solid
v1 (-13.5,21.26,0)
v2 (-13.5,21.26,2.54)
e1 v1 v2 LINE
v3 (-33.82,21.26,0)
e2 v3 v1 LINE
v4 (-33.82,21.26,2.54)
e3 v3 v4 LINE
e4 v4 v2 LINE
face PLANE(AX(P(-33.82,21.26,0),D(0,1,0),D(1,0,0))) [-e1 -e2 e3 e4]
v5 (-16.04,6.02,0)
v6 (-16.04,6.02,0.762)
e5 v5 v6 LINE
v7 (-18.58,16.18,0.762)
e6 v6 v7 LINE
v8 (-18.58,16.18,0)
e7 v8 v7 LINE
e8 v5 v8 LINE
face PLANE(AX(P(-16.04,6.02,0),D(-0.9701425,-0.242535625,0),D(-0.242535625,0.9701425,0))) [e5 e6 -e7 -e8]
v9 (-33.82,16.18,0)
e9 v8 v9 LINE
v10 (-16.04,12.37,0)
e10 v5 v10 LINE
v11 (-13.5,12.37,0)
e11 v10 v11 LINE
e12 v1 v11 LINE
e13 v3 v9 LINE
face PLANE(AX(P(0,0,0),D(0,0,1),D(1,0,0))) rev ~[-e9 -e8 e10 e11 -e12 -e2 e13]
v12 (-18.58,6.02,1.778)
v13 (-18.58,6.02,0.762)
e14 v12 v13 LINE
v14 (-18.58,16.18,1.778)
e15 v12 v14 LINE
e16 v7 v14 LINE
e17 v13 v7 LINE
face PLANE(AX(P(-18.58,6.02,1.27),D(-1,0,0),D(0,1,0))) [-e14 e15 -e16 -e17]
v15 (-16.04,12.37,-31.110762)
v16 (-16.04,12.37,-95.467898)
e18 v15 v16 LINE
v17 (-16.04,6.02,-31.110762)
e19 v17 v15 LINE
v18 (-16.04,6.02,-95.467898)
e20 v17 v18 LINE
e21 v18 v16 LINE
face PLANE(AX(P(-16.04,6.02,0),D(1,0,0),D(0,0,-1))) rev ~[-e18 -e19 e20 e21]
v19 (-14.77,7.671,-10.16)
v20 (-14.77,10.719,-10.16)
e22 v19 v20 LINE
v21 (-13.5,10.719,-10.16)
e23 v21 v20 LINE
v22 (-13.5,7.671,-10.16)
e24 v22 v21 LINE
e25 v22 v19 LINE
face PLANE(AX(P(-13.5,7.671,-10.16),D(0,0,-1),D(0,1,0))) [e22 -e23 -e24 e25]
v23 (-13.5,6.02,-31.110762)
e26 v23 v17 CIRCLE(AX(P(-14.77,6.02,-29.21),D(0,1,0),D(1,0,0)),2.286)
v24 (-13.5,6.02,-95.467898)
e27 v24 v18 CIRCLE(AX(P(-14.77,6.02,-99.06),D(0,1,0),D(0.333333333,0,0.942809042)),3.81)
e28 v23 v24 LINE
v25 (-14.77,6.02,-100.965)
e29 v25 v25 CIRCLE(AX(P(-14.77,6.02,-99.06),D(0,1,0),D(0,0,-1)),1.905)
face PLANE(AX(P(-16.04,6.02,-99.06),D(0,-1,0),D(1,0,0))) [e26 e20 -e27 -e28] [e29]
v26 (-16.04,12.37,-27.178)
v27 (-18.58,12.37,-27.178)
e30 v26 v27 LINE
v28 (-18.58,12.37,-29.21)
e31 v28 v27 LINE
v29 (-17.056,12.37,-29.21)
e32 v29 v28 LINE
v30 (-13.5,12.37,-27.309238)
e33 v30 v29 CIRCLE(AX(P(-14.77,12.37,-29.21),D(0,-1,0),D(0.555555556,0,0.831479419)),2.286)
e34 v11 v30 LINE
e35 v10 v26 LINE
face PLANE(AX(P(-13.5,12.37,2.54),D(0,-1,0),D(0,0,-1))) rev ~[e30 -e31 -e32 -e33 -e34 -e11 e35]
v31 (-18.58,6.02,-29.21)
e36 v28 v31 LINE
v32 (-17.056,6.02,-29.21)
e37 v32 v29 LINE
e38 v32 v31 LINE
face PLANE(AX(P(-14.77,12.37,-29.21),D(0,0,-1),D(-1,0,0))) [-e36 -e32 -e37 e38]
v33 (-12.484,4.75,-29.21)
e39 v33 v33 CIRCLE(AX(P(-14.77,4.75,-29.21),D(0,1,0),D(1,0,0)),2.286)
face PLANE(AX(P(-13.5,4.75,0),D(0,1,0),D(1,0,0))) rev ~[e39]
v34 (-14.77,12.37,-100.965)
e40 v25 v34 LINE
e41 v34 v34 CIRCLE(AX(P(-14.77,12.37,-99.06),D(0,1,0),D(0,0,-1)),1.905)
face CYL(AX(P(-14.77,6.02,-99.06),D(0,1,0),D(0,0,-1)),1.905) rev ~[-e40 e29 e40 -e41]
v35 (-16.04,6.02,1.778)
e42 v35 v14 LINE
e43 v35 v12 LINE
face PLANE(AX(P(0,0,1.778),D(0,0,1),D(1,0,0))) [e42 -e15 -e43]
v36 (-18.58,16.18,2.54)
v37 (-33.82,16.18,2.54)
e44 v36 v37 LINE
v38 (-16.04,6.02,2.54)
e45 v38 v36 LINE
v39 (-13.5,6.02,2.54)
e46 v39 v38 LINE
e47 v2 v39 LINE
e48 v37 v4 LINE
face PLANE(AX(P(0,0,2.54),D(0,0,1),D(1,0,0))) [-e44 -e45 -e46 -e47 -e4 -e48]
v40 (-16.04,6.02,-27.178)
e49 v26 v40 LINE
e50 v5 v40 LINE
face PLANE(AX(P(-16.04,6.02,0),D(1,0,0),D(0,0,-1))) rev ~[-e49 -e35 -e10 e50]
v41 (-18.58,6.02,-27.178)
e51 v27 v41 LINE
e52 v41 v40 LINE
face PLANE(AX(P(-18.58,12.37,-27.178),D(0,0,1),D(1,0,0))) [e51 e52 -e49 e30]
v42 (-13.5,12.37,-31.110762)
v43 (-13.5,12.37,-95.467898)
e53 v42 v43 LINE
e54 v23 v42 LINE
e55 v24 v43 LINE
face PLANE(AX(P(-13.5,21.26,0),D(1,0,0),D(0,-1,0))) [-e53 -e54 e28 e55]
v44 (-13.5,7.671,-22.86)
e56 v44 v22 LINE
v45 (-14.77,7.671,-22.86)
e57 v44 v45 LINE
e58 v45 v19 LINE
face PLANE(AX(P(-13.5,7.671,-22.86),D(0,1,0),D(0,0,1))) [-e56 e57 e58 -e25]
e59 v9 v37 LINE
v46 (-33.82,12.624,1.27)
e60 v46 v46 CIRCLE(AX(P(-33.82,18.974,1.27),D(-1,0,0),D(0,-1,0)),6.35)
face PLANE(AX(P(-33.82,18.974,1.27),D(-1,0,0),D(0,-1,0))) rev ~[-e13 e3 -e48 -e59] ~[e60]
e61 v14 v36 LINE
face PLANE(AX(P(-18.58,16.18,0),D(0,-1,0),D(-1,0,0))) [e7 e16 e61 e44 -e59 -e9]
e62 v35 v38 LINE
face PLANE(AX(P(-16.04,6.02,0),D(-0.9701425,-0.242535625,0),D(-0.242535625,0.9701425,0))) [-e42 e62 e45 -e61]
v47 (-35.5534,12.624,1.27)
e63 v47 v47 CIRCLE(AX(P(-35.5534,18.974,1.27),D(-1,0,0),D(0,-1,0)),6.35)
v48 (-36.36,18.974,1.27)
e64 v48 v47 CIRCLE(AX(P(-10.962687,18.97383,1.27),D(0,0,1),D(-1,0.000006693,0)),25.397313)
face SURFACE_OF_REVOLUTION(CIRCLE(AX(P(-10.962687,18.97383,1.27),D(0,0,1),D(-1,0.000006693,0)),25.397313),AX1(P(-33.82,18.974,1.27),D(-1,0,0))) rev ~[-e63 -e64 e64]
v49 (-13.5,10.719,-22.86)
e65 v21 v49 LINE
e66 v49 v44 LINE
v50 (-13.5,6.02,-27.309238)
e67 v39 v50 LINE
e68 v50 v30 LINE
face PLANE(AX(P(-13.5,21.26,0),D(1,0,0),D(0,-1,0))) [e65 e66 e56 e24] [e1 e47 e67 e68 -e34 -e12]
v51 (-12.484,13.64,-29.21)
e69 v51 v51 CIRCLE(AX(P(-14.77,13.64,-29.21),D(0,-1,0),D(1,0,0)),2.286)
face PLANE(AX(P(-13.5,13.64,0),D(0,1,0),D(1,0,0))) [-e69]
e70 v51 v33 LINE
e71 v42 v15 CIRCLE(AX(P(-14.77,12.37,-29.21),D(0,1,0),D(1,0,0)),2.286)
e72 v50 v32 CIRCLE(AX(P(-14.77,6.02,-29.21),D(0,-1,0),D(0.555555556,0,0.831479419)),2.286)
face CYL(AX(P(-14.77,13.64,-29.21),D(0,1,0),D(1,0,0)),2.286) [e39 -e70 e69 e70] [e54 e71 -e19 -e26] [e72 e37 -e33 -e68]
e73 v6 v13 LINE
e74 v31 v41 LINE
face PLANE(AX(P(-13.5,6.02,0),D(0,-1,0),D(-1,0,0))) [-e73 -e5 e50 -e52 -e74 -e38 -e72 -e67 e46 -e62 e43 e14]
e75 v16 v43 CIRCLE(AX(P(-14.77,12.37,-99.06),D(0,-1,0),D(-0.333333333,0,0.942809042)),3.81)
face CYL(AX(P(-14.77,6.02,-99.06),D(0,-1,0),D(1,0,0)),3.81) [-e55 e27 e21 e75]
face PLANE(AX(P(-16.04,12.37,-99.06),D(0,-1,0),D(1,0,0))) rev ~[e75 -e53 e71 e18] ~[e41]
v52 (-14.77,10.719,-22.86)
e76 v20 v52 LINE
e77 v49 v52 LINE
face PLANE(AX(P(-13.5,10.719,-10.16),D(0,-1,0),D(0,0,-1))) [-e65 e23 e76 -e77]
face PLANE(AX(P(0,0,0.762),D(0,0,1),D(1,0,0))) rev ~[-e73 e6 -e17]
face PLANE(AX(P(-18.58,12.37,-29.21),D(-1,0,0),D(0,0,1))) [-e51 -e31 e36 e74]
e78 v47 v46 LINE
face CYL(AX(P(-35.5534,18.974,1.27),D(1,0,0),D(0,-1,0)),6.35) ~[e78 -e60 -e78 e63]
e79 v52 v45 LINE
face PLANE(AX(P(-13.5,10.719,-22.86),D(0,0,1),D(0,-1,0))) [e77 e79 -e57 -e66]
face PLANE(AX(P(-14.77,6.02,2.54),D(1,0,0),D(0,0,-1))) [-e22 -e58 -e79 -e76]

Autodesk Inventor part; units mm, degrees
ref_plane "YZ Plane" through (0, 0, 0) normal (1, 0, 0) x (0, 1, 0)
ref_plane "XZ Plane" through (0, 0, 0) normal (0, 1, 0) x (-1, 0, 0)
ref_plane "XY Plane" through (0, 0, 0) normal (0, 0, 1) x (1, 0, 0)
sketch "Sketch1" plane through (0, 0, 0) normal (0, 0, 1) x (1, 0, 0)
  line L0 (-33.82, 21.26) -> (-13.5, 21.26)
  line L1 (-13.5, 21.26) -> (-13.5, 6.02)
  line L2 (-13.5, 6.02) -> (-16.04, 6.02)
  line L3 (-16.04, 6.02) -> (-18.58, 16.18)
  line L4 (-18.58, 16.18) -> (-33.82, 16.18)
  line L5 (-33.82, 16.18) -> (-33.82, 21.26)
  dimension "d0" = 20.32
  dimension "d1" = 15.24
  dimension "d2" = 5.08
  dimension "d3" = 2.54
  dimension "d4" = 15.24
extrude "Extrusion1" add sketch "Sketch1" along normal blind 2.54
ref_plane "Work Plane1" through (0, 0, 1.27) normal (0, 0, 1) x (1, 0, 0)
sketch "Sketch2" plane through (0, 0, 1.27) normal (0, 0, 1) x (1, 0, 0)
  line L0 (-33.82, 18.974) -> (-36.36, 18.974)
  arc A0 (-36.36, 18.974) -> (-35.5534, 12.624) centre (-10.96, 18.974) ccw
  line L1 (-35.5534, 12.624) -> (-33.82, 12.624)
  line L2 (-33.82, 12.624) -> (-33.82, 18.974)
  line L3 (-33.82, 16.18) -> (-33.82, 21.26) projected
  line L4 (-33.82, 21.26) -> (-13.5, 21.26) projected
  dimension "d8" = 2.54
  dimension "d9" = 6.35
  dimension "d10" = 25.4
  dimension "d11" = 2.286
revolve "Revolution1" add sketch "Sketch2" angle 360 about axis through (-33.82, 18.974, 1.27) along (-1, 0, 0)
sketch "Sketch3" plane through (0, 0, 1.27) normal (0, 0, 1) x (1, 0, 0)
  line L0 (-16.04, 6.02) -> (-18.58, 6.02)
  line L1 (-18.58, 6.02) -> (-18.58, 18.72)
  line L2 (-18.58, 18.72) -> (-16.04, 18.72)
  line L3 (-16.04, 18.72) -> (-16.04, 6.02)
  line L4 (-13.5, 6.02) -> (-16.04, 6.02) projected
  dimension "d13" = 12.7
  dimension "d14" = 2.54
extrude "Extrusion2" add sketch "Sketch3" along normal mid plane 1.016
sketch "Sketch4" plane through (-13.5, 6.02, 0) normal (1, 0, 0) x (0, 0, -1)
  line L0 (-2.54, 15.24) -> (-2.54, 0) projected
  line L1 (0, 15.24) -> (-2.54, 15.24) projected
  line L2 (-2.54, 0) -> (99.06, 0)
  line L3 (-2.54, 6.35) -> (99.06, 6.35)
  line L4 (99.06, 6.35) -> (99.06, 0)
  dimension "d17" = 6.35
  dimension "d18" = 101.6
extrude "Extrusion3" add sketch "Sketch4" against normal blind 2.54
ref_plane "Work Plane2" through (-13.5, 13.64, 0) normal (0, 1, 0) x (1, 0, 0)
sketch "Sketch5" plane through (-13.5, 13.64, 0) normal (0, 1, 0) x (1, 0, 0)
  circle A0 centre (-1.27, 29.21) radius 2.286
  line L0 (0, 99.06) -> (0, 0) projected
  line L1 (-20.32, -2.54) -> (0, -2.54) projected
  dimension "d22" = 4.572
  dimension "d23" = 1.27
  dimension "d24" = 31.75
extrude "Extrusion4" add sketch "Sketch5" against normal blind 8.89
sketch "Sketch6" plane through (-16.04, 12.37, 0) normal (0, 1, 0) x (1, 0, 0)
  arc A0 (0, 27.3092) -> (2.54, 27.3092) centre (1.27, 29.21) ccw projected
  line L0 (0, 27.3092) -> (0, 0) projected
  line L1 (2.54, 27.3092) -> (2.54, 0) projected
  line L2 (1.27, 29.21) -> (-2.54, 29.21)
  line L3 (-2.54, 29.21) -> (-2.54, 27.178)
  line L4 (-2.54, 27.178) -> (1.27, 27.178)
  line L5 (1.27, 27.178) -> (1.27, 29.21)
  line L6 (-2.54, -1.778) -> (-2.54, -0.762) projected
  dimension "d27" = 2.032
extrude "Extrusion5" add sketch "Sketch6" against normal up to surface (6.35 mm away)
sketch "Sketch7" plane through (-16.04, 6.02, -99.06) normal (0, -1, 0) x (1, 0, 0)
  line L0 (0, 67.9492) -> (0, 0) projected
  line L1 (2.54, 67.9492) -> (2.54, 0) projected
  circle A0 centre (1.27, 0) radius 3.81
  circle A1 centre (1.27, 0) radius 1.27 construction
  arc A2 (2.54, 71.7508) -> (-1.016, 69.85) centre (1.27, 69.85) ccw projected
  dimension "d31" = 7.62
  dimension "d42" = 69.85
extrude "Extrusion6" add sketch "Sketch7" against normal up to surface (6.35 mm away)
sketch "Sketch8" plane through (-14.77, 6.02, -29.21) normal (0, -1, 0) x (1, 0, 0)
  arc A0 (-1.27, -66.2579) -> (1.27, -66.2579) centre (0, -69.85) ccw projected
hole "Hole1" at (-14.77, 6.02, -99.06) direction (0, 1, 0) diameter 3.81 end through all
sketch "Sketch9" plane through (-13.5, 6.02, 2.54) normal (1, 0, 0) x (0, 0, -1)
  line L0 (29.8492, 6.35) -> (2.54, 6.35) projected
  line L1 (0, 0) -> (29.8492, 0) projected
  circle A0 centre (14.8195, 3.175) radius 3.175 construction
  line L2 (0, 15.24) -> (0, 0) projected
  line L3 (12.7, 4.699) -> (25.4, 4.699)
  line L4 (25.4, 4.699) -> (25.4, 1.651)
  line L5 (25.4, 1.651) -> (12.7, 1.651)
  line L6 (12.7, 1.651) -> (12.7, 4.699)
  circle A1 centre (14.8195, 3.175) radius 1.524 construction
  dimension "d46" = 12.7
  dimension "d47" = 12.7
  dimension "d48" = 3.048
extrude "Extrusion7" cut sketch "Sketch9" against normal blind 1.27
properties part number "lock"
